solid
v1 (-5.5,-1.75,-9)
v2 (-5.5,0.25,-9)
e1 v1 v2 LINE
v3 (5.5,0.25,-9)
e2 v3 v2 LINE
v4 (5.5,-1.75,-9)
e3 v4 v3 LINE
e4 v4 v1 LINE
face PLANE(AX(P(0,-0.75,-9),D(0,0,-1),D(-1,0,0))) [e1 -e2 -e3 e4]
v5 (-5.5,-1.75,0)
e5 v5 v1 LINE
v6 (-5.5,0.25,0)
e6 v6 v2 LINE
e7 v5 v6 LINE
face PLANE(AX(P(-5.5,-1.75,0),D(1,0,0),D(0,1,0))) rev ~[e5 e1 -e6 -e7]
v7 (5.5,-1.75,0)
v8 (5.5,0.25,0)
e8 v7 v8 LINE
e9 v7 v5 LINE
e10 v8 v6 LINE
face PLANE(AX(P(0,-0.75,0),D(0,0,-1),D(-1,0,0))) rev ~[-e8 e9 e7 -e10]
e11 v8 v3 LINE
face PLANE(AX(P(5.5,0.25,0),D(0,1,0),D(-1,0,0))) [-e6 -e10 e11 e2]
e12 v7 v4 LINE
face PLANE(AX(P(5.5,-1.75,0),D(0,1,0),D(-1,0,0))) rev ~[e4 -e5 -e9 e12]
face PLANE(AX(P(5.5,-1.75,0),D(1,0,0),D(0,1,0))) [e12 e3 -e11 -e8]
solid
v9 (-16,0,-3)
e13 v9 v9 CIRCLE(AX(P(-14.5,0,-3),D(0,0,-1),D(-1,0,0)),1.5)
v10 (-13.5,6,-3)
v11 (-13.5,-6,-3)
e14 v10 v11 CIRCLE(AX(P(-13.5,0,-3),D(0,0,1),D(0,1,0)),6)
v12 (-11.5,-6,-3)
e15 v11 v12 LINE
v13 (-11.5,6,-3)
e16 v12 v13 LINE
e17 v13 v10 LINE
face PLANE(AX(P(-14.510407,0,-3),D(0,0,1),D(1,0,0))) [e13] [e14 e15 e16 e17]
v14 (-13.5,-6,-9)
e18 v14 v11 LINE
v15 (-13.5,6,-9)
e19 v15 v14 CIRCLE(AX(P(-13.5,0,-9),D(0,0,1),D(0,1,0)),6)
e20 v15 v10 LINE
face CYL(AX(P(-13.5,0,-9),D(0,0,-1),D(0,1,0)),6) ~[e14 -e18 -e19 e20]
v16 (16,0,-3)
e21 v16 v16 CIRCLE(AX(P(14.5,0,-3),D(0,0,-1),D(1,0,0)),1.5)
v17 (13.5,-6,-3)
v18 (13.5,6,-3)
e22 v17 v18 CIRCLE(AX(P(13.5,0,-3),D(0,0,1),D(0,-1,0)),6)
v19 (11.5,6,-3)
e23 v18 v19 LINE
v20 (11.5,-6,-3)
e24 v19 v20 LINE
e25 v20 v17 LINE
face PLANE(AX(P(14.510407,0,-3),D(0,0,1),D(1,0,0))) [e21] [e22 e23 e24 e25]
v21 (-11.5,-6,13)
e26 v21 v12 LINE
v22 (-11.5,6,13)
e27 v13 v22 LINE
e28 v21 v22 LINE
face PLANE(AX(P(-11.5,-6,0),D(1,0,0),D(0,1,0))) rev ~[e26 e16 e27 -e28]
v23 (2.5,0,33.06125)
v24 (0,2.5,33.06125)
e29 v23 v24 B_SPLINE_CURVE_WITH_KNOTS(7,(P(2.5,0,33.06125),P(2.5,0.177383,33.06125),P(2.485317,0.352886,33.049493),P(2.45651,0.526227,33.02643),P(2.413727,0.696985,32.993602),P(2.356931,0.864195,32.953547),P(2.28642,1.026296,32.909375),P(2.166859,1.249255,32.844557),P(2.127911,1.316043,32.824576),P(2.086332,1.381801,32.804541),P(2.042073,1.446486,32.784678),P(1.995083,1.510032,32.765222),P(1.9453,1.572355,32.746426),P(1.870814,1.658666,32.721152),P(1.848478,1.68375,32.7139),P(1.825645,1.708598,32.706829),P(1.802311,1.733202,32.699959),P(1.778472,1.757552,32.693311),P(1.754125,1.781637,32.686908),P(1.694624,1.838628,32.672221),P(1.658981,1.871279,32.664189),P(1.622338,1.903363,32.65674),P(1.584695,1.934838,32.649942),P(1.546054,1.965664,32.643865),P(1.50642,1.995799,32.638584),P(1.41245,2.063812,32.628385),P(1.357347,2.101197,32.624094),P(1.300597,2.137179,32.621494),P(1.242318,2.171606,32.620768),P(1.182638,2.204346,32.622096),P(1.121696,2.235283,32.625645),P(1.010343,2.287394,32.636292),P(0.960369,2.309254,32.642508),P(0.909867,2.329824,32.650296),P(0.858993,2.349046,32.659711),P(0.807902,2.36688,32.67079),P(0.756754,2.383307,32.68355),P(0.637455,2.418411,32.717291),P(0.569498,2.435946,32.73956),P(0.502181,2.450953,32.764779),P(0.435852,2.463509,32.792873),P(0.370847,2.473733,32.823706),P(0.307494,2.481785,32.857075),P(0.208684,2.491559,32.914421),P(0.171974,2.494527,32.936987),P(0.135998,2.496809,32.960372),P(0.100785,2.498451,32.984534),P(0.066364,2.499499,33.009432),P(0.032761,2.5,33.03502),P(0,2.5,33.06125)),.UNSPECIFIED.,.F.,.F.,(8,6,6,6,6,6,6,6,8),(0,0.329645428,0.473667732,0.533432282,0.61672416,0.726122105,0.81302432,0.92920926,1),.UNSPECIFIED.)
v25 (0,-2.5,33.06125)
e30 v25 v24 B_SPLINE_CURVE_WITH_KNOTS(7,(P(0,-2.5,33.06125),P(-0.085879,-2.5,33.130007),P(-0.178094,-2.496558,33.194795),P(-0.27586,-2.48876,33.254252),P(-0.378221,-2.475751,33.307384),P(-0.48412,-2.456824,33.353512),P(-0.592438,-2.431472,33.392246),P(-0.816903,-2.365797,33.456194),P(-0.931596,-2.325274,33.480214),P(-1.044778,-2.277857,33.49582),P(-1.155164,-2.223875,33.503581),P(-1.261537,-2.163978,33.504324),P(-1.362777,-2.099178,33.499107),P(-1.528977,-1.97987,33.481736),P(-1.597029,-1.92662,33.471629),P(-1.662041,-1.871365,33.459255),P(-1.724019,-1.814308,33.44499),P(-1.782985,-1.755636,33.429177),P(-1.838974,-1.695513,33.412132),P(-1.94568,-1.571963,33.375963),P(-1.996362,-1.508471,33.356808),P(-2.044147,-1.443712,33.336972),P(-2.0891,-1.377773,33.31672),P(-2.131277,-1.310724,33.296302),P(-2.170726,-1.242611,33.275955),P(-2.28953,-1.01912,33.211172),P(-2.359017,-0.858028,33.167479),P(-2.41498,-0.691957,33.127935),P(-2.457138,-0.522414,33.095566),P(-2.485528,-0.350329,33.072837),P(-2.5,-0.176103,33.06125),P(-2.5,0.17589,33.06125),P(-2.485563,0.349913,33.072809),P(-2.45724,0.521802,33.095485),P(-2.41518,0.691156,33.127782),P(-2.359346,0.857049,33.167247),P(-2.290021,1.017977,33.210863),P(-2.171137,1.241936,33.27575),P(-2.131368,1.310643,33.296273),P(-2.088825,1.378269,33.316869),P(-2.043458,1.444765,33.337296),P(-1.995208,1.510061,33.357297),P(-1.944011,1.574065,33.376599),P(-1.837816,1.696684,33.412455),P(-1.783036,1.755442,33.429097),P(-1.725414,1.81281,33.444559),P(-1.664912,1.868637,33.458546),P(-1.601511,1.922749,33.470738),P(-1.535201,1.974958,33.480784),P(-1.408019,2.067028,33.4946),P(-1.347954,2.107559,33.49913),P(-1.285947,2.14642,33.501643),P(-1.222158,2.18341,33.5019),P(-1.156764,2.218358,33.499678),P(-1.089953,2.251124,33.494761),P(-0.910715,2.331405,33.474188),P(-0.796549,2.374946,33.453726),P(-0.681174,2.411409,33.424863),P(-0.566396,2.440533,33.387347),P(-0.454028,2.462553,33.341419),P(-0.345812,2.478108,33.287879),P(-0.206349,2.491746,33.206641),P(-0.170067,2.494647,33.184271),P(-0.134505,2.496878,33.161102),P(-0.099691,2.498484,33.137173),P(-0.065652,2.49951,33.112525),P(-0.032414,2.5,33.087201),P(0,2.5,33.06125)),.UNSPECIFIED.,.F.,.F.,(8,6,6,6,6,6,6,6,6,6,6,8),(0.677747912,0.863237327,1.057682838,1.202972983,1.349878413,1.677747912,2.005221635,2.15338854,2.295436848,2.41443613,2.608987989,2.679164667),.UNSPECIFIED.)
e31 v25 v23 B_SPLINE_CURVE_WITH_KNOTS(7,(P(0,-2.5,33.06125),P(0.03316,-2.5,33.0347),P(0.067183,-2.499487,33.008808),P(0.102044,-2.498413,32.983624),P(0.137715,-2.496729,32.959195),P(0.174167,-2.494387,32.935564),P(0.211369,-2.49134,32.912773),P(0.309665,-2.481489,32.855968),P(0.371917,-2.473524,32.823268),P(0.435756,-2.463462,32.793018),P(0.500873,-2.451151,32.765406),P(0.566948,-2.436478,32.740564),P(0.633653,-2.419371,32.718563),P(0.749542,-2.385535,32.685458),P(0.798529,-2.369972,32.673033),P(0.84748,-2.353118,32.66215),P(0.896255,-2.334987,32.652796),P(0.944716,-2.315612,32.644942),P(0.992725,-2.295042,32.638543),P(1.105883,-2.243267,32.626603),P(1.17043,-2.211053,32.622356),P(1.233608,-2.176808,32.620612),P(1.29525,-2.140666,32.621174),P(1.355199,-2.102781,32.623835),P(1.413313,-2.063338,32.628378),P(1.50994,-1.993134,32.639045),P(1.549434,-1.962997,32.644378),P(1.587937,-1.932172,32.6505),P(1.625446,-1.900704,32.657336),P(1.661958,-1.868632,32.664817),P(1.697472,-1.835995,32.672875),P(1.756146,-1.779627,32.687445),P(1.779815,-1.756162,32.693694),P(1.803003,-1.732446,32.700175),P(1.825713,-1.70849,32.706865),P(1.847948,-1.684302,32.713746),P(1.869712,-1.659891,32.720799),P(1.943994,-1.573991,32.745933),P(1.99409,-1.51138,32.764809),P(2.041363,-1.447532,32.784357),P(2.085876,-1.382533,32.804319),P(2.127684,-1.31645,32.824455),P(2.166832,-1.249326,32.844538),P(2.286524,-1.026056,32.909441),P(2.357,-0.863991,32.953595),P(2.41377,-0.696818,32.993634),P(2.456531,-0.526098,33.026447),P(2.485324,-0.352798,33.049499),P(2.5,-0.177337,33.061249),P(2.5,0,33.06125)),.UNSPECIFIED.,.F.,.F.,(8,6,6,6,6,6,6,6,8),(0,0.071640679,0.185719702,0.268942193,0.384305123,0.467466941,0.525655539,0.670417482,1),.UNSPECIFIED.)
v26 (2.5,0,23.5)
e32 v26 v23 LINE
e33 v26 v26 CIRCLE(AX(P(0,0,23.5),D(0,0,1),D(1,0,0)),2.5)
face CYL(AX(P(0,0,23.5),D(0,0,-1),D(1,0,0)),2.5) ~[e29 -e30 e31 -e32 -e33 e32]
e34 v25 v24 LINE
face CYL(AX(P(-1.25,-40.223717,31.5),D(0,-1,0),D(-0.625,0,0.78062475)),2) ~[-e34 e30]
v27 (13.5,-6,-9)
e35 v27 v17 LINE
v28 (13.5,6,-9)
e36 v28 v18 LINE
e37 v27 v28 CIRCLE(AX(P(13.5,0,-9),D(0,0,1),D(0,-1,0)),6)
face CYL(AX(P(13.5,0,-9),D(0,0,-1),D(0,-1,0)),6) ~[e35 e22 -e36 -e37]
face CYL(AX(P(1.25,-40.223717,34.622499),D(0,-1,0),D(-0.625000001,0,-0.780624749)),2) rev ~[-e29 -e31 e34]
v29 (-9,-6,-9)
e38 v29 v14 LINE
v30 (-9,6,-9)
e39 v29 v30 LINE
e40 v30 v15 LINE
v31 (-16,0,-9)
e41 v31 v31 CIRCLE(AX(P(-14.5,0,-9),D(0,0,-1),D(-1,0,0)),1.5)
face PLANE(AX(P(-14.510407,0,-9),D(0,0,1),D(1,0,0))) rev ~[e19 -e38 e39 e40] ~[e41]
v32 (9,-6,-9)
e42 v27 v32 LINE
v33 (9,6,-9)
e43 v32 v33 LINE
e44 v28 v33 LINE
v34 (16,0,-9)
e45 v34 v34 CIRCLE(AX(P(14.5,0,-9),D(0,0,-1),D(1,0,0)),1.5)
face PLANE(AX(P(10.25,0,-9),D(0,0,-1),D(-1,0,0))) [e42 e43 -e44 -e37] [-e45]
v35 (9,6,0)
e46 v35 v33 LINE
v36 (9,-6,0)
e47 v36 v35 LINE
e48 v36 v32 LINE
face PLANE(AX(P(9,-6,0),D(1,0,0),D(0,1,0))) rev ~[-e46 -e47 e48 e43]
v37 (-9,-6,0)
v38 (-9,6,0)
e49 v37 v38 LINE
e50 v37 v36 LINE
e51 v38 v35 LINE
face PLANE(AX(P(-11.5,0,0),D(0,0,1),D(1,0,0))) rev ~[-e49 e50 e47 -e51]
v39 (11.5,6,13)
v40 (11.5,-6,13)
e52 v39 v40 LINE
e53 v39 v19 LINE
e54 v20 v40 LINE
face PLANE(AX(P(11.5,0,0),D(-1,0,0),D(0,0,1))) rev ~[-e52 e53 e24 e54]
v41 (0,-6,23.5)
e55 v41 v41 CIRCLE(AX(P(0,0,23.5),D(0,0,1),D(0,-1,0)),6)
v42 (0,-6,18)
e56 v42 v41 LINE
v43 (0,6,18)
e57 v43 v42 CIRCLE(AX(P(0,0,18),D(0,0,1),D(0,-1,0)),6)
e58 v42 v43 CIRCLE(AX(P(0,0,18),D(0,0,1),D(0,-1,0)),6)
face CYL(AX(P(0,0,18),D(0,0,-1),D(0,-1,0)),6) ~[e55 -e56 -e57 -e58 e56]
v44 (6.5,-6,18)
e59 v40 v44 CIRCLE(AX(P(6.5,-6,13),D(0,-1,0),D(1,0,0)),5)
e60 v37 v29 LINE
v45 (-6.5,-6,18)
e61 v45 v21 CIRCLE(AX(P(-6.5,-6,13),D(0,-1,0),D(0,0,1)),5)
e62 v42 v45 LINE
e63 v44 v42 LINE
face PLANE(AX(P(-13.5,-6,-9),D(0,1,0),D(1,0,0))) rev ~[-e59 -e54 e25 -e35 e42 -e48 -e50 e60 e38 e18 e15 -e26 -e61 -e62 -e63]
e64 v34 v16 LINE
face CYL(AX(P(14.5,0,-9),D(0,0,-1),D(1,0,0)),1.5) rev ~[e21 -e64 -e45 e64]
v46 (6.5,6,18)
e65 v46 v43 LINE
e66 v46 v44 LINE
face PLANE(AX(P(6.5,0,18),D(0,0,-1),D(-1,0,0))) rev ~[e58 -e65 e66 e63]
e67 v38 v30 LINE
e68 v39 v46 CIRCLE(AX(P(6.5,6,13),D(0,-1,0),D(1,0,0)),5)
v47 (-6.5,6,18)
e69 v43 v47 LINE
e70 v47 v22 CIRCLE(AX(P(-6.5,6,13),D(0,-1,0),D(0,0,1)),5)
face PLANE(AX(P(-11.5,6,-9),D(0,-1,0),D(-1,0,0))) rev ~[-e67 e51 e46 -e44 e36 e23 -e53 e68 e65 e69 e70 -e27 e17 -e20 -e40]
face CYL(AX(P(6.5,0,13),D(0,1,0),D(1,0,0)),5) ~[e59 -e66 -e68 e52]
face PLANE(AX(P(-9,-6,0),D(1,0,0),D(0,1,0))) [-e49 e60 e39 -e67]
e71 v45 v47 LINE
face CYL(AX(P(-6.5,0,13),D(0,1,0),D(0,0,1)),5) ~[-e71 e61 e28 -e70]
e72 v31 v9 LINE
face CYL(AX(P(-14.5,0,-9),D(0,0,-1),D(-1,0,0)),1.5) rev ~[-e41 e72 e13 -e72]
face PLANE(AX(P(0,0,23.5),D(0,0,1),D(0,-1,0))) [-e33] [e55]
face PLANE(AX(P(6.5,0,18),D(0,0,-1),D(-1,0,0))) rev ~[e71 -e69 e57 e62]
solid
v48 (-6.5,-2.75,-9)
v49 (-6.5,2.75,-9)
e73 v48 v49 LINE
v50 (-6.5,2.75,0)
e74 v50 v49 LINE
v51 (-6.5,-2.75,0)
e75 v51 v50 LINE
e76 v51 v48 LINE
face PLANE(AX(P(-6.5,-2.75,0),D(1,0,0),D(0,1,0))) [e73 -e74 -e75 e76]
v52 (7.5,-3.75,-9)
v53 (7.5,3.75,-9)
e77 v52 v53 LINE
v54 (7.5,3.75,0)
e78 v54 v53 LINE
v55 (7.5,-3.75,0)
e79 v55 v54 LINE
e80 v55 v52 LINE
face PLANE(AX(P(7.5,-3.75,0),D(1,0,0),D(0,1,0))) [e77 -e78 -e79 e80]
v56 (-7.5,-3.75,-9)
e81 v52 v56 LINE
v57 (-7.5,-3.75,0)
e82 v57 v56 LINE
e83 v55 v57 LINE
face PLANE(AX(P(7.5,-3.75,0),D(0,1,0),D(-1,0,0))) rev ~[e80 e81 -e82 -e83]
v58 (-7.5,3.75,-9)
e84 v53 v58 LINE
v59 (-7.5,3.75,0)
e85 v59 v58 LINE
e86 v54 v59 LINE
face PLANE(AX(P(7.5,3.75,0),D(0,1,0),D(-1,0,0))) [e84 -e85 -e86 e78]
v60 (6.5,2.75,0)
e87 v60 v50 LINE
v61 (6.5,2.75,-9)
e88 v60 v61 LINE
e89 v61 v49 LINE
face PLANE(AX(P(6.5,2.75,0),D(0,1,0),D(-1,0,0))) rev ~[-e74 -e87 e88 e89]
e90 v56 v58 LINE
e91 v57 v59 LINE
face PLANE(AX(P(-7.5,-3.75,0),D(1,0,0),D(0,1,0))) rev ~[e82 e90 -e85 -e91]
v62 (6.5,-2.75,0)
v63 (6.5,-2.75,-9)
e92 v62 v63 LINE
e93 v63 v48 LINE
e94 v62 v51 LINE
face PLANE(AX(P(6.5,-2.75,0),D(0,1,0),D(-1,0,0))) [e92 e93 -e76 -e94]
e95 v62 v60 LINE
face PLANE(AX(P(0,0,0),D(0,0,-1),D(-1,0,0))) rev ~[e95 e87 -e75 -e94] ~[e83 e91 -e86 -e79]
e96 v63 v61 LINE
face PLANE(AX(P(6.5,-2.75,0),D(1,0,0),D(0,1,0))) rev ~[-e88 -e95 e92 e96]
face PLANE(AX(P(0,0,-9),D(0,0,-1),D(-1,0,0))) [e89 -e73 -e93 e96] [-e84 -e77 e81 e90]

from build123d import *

# Parameters (mm, degrees)
P_IDAT_VYSUNUT_M1_DEPTH       = 6
SKICA2_W                      = 2.5
SKICA2_H                      = 12
P_IDAT_VYSUNUT_M2_DEPTH       = 9
SKICA3_R                      = 1.5
P_IDAT_VYSUNUT_M3_DEPTH       = 6
SKICA5_R                      = 6
P_IDAT_VYSUNUT_M4_DEPTH       = 5.5
SKICA6_W                      = 15
SKICA6_H                      = 7.5
SKICA6_W_2                    = 13
SKICA6_H_2                    = 5.5
P_IDAT_VYSUNUT_M5_DEPTH       = 9
SKICA7_W                      = 11
SKICA7_H                      = 2
P_IDAT_VYSUNUT_M7_DEPTH       = 9
SKICA8_R                      = 2.5
P_IDAT_VYSUNUT_M8_DEPTH       = 10
ODEBRAT_VYSUNUT_M2_DEPTH      = 40.223717315
ODEBRAT_VYSUNUT_M2_DEPTH_BACK = 40.223717315


with BuildPart() as part:
    # Skica1 → Přidat vysunutím1 (new, symmetric)
    with BuildSketch(Plane(origin=(0, 0, 0), x_dir=(1, 0, 0), z_dir=(0, 1, 0))):
        with BuildLine():
            Line((-11.5, 0), (11.5, 0))
            Line((11.5, 0), (11.5, -13))
            ThreePointArc((11.5, -13), (10.035533906, -16.535533906), (6.5, -18))
            Line((6.5, -18), (-6.5, -18))
            ThreePointArc((-6.5, -18), (-10.035533906, -16.535533906), (-11.5, -13))
            Line((-11.5, -13), (-11.5, 0))
        make_face()
    extrude(amount=P_IDAT_VYSUNUT_M1_DEPTH, both=True)

    # Skica2 → Přidat vysunutím2 (add)
    with BuildSketch(Plane(origin=(0, 0, 0), x_dir=(-1, 0, 0), z_dir=(0, 0, -1))):
        with Locations((10.25, 0)):
            Rectangle(SKICA2_W, SKICA2_H)
        with Locations((-10.25, 0)):
            Rectangle(SKICA2_W, SKICA2_H)
    extrude(amount=P_IDAT_VYSUNUT_M2_DEPTH)

    # Skica3 → Přidat vysunutím3 (add)
    # profile 1 of 2: a face of its own
    with BuildSketch(Plane(origin=(0, 0, -9), x_dir=(-1, 0, 0), z_dir=(0, 0, -1))):
        with BuildLine():
            Line((11.5, 6), (13.5, 6))
            ThreePointArc((13.5, 6), (19.5, 0), (13.5, -6))
            Line((13.5, -6), (11.5, -6))
            Line((11.5, -6), (11.5, 6))
        make_face()
        with Locations((14.5, 0)):
            Circle(SKICA3_R, mode=Mode.SUBTRACT)
    # profile 2 of 2: a face of its own
    with BuildSketch(Plane(origin=(0, 0, -9), x_dir=(-1, 0, 0), z_dir=(0, 0, -1))):
        with BuildLine():
            Line((-11.5, 6), (-11.5, -6))
            Line((-11.5, -6), (-13.5, -6))
            ThreePointArc((-13.5, -6), (-19.5, 0), (-13.5, 6))
            Line((-13.5, 6), (-11.5, 6))
        make_face()
        with Locations(Location((-14.5, 0, 0), (0, 0, 180))):
            Circle(SKICA3_R, mode=Mode.SUBTRACT)
    extrude(amount=-P_IDAT_VYSUNUT_M3_DEPTH)

    # Skica5 → Přidat vysunutím4 (add)
    with BuildSketch(Plane.XY.offset(18)):
        with Locations(Location((0, 0, 0), (0, 0, 270))):
            Circle(SKICA5_R)
    extrude(amount=P_IDAT_VYSUNUT_M4_DEPTH)

    # Skica8 → Přidat vysunutím8 (add)
    with BuildSketch(Plane.XY.offset(23.5)):
        Circle(SKICA8_R)
    extrude(amount=P_IDAT_VYSUNUT_M8_DEPTH)

    # Skica9 → Odebrat vysunutím2 (cut, two sides: drawn at the far end of the back side and taken through both)
    with BuildSketch(Plane(origin=(0, 0, 0), x_dir=(1, 0, 0), z_dir=(0, 1, 0)).offset(-ODEBRAT_VYSUNUT_M2_DEPTH_BACK)):
        with BuildLine():
            Line((-84.414613958, 32.522930014), (-2.5, -33.0612495))
            ThreePointArc((-2.5, -33.0612495), (-1.25, -33.5), (0, -33.0612495))
            ThreePointArc((0, -33.0612495), (1.25, -32.622498999), (2.5, -33.0612495))
            Line((2.5, -33.0612495), (84.414613958, -98.645429013))
            Line((84.414613958, -98.645429013), (-44.345076014, -264.37441431))
            Line((-44.345076014, -264.37441431), (-213.17430393, -133.206055283))
            Line((-213.17430393, -133.206055283), (-84.414613958, 32.522930014))
        make_face()
    extrude(amount=ODEBRAT_VYSUNUT_M2_DEPTH + ODEBRAT_VYSUNUT_M2_DEPTH_BACK, mode=Mode.SUBTRACT)


with BuildPart() as body_2:
    # Skica6 → Přidat vysunutím5 (new body)
    with BuildSketch(Plane(origin=(0, 0, 0), x_dir=(-1, 0, 0), z_dir=(0, 0, -1))):
        Rectangle(SKICA6_W, SKICA6_H)
        Rectangle(SKICA6_W_2, SKICA6_H_2, mode=Mode.SUBTRACT)
    extrude(amount=P_IDAT_VYSUNUT_M5_DEPTH)


with BuildPart() as body_3:
    # Skica7 → Přidat vysunutím7 (new body)
    with BuildSketch(Plane(origin=(0, 0, 0), x_dir=(-1, 0, 0), z_dir=(0, 0, -1))):
        with Locations((0, -0.75)):
            Rectangle(SKICA7_W, SKICA7_H)
    extrude(amount=P_IDAT_VYSUNUT_M7_DEPTH)


solid = Compound([part.part, body_2.part, body_3.part])
